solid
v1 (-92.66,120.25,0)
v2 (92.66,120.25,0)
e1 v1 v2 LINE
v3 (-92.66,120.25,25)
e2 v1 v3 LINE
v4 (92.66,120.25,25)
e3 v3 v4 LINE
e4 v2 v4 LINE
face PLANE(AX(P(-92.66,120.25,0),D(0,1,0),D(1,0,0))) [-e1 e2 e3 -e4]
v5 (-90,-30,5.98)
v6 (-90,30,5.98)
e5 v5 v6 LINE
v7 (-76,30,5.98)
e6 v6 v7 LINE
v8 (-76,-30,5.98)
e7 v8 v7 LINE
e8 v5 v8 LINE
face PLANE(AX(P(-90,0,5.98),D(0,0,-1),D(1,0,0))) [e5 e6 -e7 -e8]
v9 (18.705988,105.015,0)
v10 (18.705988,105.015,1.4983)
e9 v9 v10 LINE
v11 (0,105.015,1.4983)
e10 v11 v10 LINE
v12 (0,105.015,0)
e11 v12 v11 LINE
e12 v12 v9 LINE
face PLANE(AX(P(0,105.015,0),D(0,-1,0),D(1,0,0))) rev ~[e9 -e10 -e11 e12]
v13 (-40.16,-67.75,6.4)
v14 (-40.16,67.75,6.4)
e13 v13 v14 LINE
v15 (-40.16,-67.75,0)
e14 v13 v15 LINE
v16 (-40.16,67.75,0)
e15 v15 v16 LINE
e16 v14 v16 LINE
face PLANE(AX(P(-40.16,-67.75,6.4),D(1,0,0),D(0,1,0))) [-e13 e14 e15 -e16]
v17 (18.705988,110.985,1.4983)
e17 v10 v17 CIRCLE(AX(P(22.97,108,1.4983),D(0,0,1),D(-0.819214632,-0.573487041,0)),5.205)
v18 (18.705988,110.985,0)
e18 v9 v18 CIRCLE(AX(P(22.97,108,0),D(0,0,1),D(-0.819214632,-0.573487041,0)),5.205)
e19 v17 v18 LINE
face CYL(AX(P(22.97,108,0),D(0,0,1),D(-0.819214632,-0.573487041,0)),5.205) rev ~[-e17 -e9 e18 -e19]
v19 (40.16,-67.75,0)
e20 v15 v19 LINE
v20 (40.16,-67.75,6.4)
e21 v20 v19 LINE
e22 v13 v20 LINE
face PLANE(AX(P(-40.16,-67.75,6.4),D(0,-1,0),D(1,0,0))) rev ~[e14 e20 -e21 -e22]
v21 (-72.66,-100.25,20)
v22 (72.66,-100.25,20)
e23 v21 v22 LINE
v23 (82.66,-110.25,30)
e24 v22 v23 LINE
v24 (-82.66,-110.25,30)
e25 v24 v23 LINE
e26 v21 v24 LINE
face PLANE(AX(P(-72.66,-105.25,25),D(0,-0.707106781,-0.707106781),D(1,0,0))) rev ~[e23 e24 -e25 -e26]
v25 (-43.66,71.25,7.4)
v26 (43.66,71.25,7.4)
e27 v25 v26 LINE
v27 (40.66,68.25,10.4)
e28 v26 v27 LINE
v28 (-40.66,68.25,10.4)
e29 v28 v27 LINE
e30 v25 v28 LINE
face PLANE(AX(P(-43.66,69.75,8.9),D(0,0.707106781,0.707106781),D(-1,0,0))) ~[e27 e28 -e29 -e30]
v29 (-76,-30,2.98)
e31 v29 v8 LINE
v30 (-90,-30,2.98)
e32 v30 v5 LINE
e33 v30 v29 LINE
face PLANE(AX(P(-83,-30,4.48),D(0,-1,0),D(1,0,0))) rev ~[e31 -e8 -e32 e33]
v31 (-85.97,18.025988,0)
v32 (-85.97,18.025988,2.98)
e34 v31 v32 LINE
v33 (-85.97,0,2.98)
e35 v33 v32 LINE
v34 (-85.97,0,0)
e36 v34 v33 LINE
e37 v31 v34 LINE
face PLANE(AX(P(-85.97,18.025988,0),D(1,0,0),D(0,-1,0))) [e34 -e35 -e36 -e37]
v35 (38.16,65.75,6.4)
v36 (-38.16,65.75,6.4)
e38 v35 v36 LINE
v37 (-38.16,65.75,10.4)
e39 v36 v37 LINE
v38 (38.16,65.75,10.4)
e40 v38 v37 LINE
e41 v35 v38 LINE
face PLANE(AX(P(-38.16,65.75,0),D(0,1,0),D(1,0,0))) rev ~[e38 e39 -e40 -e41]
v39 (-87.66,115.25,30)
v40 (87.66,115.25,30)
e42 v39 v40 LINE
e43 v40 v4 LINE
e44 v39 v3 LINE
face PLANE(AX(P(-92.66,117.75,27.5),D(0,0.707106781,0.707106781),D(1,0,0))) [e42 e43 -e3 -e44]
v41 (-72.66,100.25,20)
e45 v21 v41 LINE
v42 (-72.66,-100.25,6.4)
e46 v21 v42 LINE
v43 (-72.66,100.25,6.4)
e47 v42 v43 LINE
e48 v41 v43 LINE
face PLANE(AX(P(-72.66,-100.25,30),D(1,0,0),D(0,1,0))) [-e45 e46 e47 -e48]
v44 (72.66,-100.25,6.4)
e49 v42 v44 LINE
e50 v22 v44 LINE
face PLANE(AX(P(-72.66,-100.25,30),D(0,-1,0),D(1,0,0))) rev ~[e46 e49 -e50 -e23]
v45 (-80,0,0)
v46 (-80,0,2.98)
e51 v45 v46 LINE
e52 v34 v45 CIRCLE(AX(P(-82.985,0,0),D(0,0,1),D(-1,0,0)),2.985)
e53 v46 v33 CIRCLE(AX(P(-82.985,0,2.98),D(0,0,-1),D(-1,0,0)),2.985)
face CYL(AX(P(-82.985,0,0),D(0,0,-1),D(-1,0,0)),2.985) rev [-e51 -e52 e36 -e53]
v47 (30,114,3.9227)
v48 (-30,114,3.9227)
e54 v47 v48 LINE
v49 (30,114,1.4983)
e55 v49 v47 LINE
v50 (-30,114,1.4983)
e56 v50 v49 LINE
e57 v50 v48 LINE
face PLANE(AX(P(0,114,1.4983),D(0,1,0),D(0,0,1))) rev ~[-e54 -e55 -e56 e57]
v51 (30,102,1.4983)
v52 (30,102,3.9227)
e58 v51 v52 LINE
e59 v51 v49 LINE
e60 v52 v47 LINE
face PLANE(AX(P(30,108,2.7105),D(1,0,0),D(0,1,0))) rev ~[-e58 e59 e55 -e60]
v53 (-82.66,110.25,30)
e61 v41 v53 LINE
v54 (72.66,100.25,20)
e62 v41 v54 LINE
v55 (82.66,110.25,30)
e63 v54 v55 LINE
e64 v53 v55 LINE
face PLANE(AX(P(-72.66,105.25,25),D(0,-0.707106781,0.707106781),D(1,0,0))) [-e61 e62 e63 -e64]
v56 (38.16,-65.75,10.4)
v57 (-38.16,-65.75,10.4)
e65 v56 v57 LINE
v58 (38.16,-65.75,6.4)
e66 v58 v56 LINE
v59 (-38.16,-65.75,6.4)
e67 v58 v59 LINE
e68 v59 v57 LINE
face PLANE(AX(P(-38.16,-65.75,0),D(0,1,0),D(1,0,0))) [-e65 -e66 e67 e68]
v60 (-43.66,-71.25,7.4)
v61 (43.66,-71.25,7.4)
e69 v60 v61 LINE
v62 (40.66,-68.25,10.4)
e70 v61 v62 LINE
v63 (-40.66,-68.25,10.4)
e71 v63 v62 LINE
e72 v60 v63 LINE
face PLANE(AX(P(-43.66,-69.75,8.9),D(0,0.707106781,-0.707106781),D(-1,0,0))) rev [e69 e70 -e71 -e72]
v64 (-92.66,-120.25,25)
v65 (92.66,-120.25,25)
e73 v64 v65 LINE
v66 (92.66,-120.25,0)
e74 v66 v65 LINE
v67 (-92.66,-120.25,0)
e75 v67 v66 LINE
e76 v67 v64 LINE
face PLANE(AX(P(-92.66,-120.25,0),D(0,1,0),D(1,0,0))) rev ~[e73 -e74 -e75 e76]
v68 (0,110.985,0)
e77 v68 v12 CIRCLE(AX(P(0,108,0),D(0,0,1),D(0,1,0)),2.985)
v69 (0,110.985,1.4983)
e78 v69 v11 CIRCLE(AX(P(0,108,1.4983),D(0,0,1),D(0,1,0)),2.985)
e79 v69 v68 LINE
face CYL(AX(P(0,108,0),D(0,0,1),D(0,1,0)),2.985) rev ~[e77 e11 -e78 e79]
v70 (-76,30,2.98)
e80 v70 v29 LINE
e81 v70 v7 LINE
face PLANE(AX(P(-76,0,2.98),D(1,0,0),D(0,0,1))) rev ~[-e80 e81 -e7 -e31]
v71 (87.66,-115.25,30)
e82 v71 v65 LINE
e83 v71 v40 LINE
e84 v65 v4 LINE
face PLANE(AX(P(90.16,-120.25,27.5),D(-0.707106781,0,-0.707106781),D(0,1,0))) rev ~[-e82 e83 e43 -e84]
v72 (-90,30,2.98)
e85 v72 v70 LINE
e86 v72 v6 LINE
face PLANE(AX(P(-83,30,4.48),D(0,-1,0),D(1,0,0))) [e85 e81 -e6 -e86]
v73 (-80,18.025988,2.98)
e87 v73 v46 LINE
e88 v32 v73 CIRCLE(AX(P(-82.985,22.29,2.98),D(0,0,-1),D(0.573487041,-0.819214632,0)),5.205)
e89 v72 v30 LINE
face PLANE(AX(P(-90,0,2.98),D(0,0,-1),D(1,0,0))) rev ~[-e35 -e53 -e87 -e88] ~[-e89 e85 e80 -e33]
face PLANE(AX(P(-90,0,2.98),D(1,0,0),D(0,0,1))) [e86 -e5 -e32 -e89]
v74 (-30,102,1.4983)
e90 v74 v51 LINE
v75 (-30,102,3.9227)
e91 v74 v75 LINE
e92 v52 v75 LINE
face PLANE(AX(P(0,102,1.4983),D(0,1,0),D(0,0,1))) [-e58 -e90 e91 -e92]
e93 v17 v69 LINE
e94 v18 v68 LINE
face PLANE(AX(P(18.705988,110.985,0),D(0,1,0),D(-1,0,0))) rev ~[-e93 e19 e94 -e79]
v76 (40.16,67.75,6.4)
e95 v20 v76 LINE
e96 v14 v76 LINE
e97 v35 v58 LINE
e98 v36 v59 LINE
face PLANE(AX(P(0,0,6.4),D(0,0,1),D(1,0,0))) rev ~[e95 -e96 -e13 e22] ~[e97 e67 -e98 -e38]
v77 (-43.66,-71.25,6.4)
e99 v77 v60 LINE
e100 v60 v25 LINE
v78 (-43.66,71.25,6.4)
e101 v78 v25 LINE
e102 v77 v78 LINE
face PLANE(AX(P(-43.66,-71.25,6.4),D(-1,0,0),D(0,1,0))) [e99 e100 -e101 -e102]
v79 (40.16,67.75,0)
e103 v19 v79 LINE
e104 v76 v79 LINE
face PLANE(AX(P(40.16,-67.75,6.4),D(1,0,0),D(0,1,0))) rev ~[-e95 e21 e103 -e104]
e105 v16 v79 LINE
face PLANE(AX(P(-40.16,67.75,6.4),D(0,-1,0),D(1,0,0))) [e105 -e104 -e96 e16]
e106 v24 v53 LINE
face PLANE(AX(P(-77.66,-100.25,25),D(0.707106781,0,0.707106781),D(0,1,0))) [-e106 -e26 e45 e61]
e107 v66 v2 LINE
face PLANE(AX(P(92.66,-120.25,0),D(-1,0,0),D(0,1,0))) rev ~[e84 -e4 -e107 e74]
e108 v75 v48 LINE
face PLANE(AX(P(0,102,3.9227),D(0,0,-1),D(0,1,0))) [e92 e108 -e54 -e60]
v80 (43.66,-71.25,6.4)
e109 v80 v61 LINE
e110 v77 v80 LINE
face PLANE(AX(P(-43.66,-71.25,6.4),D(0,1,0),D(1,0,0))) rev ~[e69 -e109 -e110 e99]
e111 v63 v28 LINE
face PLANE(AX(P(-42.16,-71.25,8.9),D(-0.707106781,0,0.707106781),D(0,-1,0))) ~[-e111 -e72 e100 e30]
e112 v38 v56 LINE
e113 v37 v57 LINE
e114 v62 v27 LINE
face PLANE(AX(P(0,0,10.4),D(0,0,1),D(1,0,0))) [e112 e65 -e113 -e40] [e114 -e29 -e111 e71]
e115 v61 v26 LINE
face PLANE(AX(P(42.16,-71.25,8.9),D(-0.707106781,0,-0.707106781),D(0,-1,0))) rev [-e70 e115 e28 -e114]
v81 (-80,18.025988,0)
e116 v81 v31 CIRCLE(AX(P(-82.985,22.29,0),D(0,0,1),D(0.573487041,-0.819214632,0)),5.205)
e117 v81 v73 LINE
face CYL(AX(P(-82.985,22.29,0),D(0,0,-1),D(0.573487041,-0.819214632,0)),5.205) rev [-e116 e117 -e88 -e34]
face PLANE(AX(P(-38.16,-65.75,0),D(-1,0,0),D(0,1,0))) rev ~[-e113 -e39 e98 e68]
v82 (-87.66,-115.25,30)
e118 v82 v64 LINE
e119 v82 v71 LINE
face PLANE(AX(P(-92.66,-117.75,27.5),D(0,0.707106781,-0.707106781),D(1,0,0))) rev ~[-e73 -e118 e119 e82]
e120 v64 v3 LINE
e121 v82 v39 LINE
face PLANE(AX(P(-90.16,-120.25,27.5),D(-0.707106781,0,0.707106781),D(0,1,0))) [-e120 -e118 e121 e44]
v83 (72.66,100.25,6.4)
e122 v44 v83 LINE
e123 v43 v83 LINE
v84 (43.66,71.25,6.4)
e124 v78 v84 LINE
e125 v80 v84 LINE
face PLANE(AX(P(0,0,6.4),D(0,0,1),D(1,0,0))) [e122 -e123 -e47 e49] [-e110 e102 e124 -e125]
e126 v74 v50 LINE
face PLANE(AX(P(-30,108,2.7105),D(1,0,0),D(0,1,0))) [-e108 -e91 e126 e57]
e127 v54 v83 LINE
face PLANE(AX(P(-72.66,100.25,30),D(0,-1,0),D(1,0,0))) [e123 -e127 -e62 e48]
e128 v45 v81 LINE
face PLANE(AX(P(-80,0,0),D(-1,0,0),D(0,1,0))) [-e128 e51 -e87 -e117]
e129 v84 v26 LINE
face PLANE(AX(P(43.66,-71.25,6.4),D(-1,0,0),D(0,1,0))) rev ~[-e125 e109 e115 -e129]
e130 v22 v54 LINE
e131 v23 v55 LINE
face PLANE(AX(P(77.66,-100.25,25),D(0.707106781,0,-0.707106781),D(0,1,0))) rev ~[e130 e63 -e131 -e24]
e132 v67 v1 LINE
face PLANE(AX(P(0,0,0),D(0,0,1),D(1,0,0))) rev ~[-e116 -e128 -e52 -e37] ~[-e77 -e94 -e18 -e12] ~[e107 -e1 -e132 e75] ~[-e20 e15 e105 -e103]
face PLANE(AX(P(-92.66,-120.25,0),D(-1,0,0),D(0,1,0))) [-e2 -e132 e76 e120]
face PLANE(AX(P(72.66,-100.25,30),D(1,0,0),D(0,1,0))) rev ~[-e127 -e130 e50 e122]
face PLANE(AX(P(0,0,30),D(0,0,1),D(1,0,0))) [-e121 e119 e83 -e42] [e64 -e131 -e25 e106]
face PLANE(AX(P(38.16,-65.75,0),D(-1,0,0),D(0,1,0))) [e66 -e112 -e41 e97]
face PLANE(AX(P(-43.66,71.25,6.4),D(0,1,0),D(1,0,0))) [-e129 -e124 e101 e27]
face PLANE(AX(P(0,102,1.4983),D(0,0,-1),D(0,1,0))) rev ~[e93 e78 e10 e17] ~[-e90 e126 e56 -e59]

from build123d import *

# Parameters (mm, degrees)
SKETCH_W             = 185.32
SKETCH_H             = 240.5
PAD_DEPTH            = 30
SKETCH003_W          = 145.32
SKETCH003_H          = 200.5
POCKET_DEPTH         = 23.6
SKETCH004_W          = 80.32
SKETCH004_H          = 135.5
POCKET001_DEPTH      = 6.4
POCKET002_DEPTH      = 3
SKETCH006_W          = 14
SKETCH006_H          = 3
POCKET003_DEPTH      = 30
POCKET004_DEPTH      = 1.5
SKETCH008_W          = 12
SKETCH008_H          = 2.4244
POCKET005_DEPTH      = 30
SKETCH009_W          = 87.32
SKETCH009_H          = 142.5
PAD001_DEPTH         = 4
SKETCH010_W          = 76.32
SKETCH010_H          = 131.5
POCKET006_DEPTH      = 0.001
POCKET006_DEPTH_BACK = -30.001
CHAMFER_SIZE         = 10
CHAMFER001_SIZE      = 5
CHAMFER002_SIZE      = 3


with BuildPart() as part:
    # Sketch → Pad (new body)
    with BuildSketch(Plane.XY):
        Rectangle(SKETCH_W, SKETCH_H)
    extrude(amount=PAD_DEPTH)

    # Sketch003 → Pocket (cut)
    with BuildSketch(Plane.XY.offset(30)):
        Rectangle(SKETCH003_W, SKETCH003_H)
    extrude(amount=-POCKET_DEPTH, mode=Mode.SUBTRACT)

    # Sketch004 → Pocket001 (cut)
    with BuildSketch(Plane.XY.offset(6.4)):
        Rectangle(SKETCH004_W, SKETCH004_H)
    extrude(amount=-POCKET001_DEPTH, mode=Mode.SUBTRACT)

    # Sketch005 → Pocket002 (cut)
    with BuildSketch(Plane.XY):
        with BuildLine():
            ThreePointArc((-85.97, 0), (-82.985, -2.985), (-80, 0))
            Line((-80, 0), (-80, 18.025988))
            ThreePointArc((-80, 18.025988), (-82.985, 27.495), (-85.97, 18.025988))
            Line((-85.97, 18.025988), (-85.97, 0))
        make_face()
    extrude(amount=POCKET002_DEPTH, mode=Mode.SUBTRACT)

    # Sketch006 → Pocket003 (cut, symmetric)
    with BuildSketch(Plane.XZ):
        with Locations((-83, 4.48)):
            Rectangle(SKETCH006_W, SKETCH006_H)
    extrude(amount=POCKET003_DEPTH, both=True, mode=Mode.SUBTRACT)

    # Sketch007 → Pocket004 (cut, symmetric)
    with BuildSketch(Plane.XY):
        with BuildLine():
            ThreePointArc((0, 110.985), (-2.985, 108), (0, 105.015))
            Line((0, 105.015), (18.705988, 105.015))
            ThreePointArc((18.705988, 105.015), (28.175, 108), (18.705988, 110.985))
            Line((18.705988, 110.985), (0, 110.985))
        make_face()
    extrude(amount=POCKET004_DEPTH, both=True, mode=Mode.SUBTRACT)

    # Sketch008 → Pocket005 (cut, symmetric)
    with BuildSketch(Plane.YZ):
        with Locations((108, 2.7105)):
            Rectangle(SKETCH008_W, SKETCH008_H)
    extrude(amount=POCKET005_DEPTH, both=True, mode=Mode.SUBTRACT)

    # Sketch009 → Pad001 (join)
    with BuildSketch(Plane.XY.offset(6.4)):
        Rectangle(SKETCH009_W, SKETCH009_H)
    extrude(amount=PAD001_DEPTH)

    # Sketch010 → Pocket006 (cut, two sides)
    with BuildSketch(Plane.XY) as pocket006_sk:
        Rectangle(SKETCH010_W, SKETCH010_H)
    extrude(amount=-POCKET006_DEPTH, mode=Mode.SUBTRACT)
    extrude(pocket006_sk.sketch, amount=-POCKET006_DEPTH_BACK, mode=Mode.SUBTRACT)

    # Chamfer
    chamfer_edges = [part.edges().sort_by_distance(p)[0] for p in [
        (-72.66, 0, 30),
        (0, 100.25, 30),
        (72.66, 0, 30),
        (0, -100.25, 30),
    ]]
    chamfer(chamfer_edges, length=CHAMFER_SIZE)

    # Chamfer001
    chamfer001_edges = [part.edges().sort_by_distance(p)[0] for p in [
        (0, 120.25, 30),
        (-92.66, 0, 30),
        (0, -120.25, 30),
        (92.66, 0, 30),
    ]]
    chamfer(chamfer001_edges, length=CHAMFER001_SIZE)

    # Chamfer002
    chamfer002_edges = [part.edges().sort_by_distance(p)[0] for p in [
        (-43.66, 0, 10.4),
        (0, -71.25, 10.4),
        (43.66, 0, 10.4),
        (0, 71.25, 10.4),
    ]]
    chamfer(chamfer002_edges, length=CHAMFER002_SIZE)


solid = part.part
